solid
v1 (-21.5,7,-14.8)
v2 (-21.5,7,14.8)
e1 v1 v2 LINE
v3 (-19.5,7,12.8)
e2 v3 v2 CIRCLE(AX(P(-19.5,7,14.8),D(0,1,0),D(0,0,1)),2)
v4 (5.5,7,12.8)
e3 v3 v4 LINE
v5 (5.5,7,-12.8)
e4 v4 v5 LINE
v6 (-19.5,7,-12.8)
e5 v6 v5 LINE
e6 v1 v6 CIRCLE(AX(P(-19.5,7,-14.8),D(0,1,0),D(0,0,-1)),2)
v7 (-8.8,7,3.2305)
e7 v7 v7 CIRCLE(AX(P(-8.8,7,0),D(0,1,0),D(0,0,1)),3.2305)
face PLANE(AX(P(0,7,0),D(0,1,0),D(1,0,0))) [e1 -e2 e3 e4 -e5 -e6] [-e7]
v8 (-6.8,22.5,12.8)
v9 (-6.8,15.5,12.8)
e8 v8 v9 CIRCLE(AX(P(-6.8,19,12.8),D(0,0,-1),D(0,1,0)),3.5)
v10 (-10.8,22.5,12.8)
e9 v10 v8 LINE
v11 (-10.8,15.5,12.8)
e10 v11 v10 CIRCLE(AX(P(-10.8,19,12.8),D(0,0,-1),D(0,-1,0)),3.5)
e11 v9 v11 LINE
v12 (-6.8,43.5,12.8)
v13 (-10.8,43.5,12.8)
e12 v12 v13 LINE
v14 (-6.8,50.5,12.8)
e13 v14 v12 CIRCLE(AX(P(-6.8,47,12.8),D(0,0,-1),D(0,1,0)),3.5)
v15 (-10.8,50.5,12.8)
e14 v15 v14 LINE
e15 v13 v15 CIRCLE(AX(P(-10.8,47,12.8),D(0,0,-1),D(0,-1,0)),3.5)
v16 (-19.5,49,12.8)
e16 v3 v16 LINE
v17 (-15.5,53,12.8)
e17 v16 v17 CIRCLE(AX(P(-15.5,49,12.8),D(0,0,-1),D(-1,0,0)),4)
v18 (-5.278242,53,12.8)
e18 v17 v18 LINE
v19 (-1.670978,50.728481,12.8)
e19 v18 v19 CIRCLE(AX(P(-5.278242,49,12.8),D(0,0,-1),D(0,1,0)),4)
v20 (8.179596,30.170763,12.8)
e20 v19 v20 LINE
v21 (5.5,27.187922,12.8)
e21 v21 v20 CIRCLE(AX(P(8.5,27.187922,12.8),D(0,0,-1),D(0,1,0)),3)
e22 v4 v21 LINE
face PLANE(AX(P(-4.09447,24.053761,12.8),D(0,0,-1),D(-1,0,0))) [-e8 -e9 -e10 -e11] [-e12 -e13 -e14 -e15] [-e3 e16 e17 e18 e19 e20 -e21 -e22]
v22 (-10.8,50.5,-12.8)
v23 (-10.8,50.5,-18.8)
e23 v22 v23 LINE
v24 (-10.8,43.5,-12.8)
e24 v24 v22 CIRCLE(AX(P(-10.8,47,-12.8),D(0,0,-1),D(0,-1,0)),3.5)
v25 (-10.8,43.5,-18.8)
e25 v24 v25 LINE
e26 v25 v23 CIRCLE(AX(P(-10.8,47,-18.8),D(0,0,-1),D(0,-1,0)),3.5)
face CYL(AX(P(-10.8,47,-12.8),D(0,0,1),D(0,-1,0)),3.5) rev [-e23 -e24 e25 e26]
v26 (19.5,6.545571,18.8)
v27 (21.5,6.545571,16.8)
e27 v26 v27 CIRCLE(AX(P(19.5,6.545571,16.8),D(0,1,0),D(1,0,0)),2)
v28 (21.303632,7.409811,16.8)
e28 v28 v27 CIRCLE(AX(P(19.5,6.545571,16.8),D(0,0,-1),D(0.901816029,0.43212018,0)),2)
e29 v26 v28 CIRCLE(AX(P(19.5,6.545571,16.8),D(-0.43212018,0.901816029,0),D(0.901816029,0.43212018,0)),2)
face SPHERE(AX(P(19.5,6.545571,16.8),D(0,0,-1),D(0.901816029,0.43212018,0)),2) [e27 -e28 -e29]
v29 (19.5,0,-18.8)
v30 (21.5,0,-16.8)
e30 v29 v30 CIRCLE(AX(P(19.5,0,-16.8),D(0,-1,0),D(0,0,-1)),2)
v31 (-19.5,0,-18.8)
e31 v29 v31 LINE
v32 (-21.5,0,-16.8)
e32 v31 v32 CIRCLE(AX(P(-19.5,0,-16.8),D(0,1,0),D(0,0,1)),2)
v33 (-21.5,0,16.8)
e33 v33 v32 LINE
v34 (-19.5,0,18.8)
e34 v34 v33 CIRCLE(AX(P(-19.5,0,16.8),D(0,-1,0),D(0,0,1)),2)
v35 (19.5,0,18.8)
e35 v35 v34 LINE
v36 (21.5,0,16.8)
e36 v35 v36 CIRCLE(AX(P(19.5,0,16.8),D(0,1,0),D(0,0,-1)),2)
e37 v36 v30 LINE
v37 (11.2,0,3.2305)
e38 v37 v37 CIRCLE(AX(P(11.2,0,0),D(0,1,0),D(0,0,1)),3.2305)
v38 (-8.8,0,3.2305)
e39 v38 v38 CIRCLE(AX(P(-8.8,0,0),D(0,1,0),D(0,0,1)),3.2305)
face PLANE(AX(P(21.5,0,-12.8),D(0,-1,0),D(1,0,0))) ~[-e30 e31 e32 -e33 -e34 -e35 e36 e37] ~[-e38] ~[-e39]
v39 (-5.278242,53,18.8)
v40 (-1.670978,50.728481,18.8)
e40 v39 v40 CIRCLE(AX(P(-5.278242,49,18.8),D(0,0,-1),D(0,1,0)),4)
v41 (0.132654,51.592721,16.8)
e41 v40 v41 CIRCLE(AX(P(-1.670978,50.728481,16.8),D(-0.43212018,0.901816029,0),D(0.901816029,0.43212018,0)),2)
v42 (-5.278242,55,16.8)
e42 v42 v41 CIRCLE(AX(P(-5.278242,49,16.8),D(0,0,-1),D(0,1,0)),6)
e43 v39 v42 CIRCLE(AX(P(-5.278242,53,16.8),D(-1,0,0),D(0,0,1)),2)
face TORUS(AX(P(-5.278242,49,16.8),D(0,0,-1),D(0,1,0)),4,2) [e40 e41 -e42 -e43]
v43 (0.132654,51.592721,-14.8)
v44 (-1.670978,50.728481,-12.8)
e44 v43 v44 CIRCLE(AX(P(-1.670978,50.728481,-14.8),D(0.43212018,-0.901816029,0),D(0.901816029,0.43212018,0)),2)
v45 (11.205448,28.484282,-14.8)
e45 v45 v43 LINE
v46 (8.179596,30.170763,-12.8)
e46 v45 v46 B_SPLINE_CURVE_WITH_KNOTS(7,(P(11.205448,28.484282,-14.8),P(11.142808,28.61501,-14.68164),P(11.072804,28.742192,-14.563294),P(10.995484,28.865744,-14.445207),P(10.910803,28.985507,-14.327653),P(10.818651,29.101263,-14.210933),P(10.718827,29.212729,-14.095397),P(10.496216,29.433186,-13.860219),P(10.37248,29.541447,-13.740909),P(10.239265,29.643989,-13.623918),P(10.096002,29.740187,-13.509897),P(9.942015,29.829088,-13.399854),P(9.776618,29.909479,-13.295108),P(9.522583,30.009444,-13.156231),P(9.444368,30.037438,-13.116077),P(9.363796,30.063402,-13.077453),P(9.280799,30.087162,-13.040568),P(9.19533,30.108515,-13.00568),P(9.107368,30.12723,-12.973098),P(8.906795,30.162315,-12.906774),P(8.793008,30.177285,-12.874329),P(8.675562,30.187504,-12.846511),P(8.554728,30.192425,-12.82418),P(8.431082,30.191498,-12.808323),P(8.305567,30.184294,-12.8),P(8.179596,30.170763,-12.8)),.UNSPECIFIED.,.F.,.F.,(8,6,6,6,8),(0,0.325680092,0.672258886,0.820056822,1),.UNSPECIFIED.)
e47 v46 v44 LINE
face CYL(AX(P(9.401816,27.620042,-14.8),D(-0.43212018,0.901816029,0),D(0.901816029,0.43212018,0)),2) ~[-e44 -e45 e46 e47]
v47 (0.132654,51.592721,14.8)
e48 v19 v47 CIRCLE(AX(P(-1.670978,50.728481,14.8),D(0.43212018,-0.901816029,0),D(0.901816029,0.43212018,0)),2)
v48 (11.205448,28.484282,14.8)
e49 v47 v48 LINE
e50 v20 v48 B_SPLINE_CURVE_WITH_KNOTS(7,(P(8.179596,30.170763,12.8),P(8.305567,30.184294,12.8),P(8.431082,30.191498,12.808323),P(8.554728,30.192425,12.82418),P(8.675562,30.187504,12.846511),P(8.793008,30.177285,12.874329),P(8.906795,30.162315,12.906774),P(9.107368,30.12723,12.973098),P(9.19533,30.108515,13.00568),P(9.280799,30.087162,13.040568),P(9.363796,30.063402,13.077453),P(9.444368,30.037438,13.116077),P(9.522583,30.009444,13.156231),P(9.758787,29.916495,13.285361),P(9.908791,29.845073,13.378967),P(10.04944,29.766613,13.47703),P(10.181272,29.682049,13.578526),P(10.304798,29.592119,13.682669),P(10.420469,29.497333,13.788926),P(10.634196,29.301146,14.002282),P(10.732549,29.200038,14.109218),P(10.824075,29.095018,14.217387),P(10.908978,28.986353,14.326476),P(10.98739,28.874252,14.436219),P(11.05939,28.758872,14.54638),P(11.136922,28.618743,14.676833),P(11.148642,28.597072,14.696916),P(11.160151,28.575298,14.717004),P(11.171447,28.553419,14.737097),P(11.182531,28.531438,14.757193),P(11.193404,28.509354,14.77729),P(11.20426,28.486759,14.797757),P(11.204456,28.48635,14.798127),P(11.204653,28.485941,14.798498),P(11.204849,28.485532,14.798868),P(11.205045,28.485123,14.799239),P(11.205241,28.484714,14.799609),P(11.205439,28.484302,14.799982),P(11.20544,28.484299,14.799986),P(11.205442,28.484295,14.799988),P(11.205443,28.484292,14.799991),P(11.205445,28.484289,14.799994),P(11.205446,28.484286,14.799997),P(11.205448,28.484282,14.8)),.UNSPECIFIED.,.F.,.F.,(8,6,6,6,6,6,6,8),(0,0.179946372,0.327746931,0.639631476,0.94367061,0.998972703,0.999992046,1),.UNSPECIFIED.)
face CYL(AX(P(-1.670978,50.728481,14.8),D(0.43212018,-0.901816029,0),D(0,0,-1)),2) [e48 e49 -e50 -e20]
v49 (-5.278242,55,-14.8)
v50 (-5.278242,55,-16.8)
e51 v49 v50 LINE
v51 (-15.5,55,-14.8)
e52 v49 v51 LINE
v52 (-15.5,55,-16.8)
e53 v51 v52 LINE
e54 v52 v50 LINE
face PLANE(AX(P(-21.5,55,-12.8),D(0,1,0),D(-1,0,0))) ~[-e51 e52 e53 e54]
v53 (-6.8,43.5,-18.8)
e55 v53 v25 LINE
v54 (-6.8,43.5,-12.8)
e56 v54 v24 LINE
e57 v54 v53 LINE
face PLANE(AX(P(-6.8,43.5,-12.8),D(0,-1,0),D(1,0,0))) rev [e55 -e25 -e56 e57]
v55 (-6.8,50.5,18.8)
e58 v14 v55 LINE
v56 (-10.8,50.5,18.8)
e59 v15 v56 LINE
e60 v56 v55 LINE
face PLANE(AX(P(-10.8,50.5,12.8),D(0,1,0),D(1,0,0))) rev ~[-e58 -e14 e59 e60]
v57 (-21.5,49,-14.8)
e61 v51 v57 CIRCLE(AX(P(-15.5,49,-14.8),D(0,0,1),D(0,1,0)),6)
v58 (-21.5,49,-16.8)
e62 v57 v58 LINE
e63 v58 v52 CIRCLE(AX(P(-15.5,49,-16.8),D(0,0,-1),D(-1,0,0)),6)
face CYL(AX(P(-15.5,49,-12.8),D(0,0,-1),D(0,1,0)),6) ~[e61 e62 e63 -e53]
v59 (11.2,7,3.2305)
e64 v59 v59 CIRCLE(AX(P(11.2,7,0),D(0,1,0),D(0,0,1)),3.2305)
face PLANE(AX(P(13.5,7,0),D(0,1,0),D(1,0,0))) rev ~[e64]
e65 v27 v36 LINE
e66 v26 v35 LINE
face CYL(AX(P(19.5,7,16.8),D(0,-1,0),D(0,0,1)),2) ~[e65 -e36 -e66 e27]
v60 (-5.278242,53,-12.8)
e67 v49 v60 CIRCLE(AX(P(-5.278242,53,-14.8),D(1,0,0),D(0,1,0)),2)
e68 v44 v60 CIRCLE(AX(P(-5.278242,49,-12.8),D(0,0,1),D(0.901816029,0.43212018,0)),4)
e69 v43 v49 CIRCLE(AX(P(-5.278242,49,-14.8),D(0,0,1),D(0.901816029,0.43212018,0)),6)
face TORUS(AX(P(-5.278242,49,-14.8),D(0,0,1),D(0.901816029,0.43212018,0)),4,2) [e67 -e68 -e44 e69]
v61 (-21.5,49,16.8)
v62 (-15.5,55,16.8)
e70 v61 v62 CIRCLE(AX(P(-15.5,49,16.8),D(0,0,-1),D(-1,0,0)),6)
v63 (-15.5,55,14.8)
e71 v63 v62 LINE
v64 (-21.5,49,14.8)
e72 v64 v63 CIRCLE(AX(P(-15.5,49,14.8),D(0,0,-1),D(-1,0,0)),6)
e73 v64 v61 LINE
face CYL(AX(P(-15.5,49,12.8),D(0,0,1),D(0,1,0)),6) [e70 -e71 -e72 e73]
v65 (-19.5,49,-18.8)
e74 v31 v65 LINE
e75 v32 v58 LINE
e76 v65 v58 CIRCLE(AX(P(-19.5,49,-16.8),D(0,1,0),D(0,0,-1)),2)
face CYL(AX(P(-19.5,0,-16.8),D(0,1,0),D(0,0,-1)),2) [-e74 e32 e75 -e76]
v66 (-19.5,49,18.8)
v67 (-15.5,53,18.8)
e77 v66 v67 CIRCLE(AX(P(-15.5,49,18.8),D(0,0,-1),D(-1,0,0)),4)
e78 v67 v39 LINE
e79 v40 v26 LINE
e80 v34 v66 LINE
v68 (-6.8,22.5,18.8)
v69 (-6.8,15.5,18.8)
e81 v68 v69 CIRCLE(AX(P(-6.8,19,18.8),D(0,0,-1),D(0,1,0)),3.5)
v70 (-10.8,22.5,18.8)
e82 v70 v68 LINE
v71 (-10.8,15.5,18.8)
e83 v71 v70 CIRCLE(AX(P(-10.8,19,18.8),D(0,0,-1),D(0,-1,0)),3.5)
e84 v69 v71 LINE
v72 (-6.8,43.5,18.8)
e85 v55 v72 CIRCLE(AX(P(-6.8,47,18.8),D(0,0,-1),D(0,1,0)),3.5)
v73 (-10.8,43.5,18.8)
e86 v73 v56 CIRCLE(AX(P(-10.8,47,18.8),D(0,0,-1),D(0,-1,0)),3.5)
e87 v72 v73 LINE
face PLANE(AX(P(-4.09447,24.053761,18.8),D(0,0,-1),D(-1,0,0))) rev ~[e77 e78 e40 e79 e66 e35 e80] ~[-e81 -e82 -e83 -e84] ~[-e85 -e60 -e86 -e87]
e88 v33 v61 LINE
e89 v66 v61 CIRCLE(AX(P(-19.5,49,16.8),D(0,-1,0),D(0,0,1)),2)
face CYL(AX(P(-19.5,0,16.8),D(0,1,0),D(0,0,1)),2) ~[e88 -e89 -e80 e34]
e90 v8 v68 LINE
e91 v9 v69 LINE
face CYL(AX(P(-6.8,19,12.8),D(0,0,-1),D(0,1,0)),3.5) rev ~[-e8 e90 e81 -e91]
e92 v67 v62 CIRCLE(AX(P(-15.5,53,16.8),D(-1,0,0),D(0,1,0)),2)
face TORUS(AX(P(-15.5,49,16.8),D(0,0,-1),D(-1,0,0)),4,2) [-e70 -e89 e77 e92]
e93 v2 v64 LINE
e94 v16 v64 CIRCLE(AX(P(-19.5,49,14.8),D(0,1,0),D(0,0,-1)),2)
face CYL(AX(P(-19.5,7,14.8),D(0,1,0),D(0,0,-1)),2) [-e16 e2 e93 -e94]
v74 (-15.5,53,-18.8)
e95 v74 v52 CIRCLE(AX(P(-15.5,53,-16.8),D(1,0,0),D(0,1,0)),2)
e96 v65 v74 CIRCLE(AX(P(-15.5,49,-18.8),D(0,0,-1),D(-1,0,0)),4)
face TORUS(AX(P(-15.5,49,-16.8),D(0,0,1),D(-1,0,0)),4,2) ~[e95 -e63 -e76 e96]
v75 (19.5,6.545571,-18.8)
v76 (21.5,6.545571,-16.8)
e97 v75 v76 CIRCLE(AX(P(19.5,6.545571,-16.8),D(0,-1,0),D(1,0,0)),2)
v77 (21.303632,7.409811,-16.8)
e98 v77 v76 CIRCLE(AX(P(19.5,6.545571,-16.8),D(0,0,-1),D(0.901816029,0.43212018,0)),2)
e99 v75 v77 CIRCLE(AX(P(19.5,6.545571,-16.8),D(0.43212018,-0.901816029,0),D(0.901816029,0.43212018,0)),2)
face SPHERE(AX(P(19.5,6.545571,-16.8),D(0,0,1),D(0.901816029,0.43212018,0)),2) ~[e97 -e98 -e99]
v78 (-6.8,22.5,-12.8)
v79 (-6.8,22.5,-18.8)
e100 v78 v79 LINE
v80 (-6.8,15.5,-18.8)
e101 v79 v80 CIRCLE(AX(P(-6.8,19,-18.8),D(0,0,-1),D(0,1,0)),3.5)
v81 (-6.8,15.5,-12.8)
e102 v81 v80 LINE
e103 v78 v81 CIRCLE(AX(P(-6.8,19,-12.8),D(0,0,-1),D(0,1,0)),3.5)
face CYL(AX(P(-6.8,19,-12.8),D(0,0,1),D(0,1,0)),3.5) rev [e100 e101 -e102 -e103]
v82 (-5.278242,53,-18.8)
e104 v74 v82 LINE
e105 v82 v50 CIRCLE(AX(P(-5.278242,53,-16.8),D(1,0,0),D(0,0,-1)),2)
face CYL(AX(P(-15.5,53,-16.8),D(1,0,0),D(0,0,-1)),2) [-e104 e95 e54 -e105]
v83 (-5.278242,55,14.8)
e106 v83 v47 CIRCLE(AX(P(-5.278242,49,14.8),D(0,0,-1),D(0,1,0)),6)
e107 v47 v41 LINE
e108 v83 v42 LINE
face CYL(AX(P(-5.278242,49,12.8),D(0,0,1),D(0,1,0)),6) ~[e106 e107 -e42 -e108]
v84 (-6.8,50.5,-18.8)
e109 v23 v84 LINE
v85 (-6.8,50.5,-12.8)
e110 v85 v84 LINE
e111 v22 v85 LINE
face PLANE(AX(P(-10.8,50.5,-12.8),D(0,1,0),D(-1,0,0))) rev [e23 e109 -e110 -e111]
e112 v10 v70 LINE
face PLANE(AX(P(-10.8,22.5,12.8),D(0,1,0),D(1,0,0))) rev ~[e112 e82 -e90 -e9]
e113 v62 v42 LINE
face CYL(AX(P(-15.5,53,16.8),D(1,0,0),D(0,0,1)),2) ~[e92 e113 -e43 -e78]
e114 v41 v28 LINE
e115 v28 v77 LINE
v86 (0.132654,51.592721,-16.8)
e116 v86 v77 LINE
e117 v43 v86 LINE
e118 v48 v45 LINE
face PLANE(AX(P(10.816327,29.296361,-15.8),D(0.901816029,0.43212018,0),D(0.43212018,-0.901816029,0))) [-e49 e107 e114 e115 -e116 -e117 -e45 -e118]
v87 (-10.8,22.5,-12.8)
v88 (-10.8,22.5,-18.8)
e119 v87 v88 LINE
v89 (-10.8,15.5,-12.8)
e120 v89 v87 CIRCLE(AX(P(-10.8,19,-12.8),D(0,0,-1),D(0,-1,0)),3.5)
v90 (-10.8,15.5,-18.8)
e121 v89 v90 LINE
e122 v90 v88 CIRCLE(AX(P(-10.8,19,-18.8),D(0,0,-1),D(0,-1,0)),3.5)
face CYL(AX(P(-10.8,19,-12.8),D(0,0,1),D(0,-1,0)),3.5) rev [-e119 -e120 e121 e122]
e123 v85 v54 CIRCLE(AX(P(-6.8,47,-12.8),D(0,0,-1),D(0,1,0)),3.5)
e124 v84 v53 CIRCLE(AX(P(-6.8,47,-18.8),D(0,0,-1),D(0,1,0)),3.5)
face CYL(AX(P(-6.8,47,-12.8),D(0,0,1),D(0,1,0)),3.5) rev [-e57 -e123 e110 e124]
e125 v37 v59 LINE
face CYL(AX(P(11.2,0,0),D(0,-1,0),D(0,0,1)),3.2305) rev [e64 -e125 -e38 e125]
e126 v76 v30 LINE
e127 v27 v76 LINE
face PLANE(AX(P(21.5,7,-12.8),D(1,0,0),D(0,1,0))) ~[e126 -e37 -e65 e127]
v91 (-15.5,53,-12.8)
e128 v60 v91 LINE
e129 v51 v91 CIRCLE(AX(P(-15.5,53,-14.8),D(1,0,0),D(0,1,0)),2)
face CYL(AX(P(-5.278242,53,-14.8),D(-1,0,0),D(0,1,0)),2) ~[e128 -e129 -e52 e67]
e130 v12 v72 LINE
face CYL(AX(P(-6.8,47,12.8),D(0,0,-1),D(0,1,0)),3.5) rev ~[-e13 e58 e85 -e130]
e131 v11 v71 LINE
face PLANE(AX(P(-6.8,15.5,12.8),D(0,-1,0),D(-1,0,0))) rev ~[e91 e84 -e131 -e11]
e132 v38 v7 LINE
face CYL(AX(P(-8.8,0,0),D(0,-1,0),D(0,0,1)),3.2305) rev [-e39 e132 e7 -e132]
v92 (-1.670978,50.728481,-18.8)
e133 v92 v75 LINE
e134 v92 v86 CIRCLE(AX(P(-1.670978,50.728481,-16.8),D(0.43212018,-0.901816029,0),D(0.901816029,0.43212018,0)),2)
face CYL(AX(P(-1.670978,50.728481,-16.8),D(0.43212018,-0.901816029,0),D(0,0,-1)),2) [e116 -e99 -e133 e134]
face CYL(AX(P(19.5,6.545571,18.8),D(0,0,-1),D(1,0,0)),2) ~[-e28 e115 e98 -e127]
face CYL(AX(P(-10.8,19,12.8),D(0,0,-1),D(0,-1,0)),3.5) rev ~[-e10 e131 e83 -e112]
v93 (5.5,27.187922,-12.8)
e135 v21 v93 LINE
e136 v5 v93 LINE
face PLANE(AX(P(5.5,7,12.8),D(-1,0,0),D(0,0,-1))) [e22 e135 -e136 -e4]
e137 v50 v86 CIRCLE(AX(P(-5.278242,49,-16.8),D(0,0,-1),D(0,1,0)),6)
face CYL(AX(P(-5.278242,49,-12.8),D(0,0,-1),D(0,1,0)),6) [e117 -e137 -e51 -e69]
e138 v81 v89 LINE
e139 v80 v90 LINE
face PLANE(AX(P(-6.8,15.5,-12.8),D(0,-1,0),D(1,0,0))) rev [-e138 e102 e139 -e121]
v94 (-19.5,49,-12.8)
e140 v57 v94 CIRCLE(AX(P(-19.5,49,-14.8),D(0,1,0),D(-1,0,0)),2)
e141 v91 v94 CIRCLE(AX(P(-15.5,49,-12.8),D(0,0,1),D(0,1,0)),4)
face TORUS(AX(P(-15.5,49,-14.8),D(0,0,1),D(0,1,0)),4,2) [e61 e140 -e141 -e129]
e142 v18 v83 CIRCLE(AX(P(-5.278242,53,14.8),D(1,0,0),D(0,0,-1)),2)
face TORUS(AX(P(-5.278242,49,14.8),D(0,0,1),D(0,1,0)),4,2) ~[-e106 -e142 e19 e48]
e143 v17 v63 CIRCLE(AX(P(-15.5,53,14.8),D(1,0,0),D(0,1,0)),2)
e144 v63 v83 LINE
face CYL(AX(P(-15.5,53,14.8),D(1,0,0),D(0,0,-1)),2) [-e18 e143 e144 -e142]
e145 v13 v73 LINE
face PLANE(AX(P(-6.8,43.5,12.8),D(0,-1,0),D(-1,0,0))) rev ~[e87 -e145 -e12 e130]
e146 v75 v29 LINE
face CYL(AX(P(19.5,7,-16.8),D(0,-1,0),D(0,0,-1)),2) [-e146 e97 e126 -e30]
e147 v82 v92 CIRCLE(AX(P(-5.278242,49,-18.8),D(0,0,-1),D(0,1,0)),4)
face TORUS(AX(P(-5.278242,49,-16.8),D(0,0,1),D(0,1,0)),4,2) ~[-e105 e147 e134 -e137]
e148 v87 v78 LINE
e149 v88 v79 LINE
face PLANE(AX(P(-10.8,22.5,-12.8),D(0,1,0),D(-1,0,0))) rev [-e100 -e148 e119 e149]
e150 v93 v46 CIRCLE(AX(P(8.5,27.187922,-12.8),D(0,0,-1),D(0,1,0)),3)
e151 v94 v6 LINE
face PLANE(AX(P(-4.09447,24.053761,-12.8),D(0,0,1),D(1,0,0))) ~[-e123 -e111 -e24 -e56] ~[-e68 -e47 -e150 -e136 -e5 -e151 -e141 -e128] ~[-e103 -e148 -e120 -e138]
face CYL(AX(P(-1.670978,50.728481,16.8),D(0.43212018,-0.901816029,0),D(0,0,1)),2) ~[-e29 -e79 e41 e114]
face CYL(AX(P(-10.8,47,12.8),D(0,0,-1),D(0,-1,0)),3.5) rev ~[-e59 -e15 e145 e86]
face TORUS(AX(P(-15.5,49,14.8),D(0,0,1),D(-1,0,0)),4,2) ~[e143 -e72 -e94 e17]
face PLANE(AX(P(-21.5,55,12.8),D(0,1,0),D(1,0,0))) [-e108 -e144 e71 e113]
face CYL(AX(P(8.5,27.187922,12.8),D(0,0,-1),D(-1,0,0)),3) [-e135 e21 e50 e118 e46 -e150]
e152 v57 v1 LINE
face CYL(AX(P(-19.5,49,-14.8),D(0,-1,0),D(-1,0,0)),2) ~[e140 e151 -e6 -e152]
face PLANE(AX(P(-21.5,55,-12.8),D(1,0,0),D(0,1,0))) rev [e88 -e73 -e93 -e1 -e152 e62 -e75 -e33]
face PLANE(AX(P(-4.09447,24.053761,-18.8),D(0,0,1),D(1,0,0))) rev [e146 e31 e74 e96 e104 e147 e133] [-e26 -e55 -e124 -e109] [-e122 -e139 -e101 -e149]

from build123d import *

# Parameters (mm, degrees)
SKETCH1_W           = 43
SKETCH1_H           = 25.6
SKETCH1_R           = 3.2305
BOSS_EXTRUDE1_DEPTH = 7
BOSS_EXTRUDE2_DEPTH = 6
FILLET1_R           = 6
BOSS_EXTRUDE3_REACH = 57.854
SKETCH3_W           = 16
SKETCH3_H           = 25.6
FILLET2_R           = 3
FILLET3_R           = 2


with BuildPart() as part:
    # Sketch1 → Boss-Extrude1 (new body)
    with BuildSketch(Plane(origin=(0, 0, 0), x_dir=(1, 0, 0), z_dir=(0, 1, 0))):
        Rectangle(SKETCH1_W, SKETCH1_H)
        with Locations(Location((-8.8, 0, 0), (0, 0, 270))):
            Circle(SKETCH1_R, mode=Mode.SUBTRACT)
        with Locations(Location((11.2, 0, 0), (0, 0, 270))):
            Circle(SKETCH1_R, mode=Mode.SUBTRACT)
    extrude(amount=BOSS_EXTRUDE1_DEPTH)

    # Sketch2 → Boss-Extrude2 (add)
    with BuildSketch(Plane.XY.offset(12.8)):
        Polygon((21.5, 7), (21.5, 0), (-21.5, 0), (-21.5, 7), (-21.5, 55), (-1.5, 55), align=None)
        with BuildLine():
            Line((-10.8, 50.5), (-6.8, 50.5))
            ThreePointArc((-6.8, 50.5), (-3.3, 47), (-6.8, 43.5))
            Line((-6.8, 43.5), (-10.8, 43.5))
            ThreePointArc((-10.8, 43.5), (-14.3, 47), (-10.8, 50.5))
        make_face(mode=Mode.SUBTRACT)
        with BuildLine():
            Line((-10.8, 22.5), (-6.8, 22.5))
            ThreePointArc((-6.8, 22.5), (-3.3, 19), (-6.8, 15.5))
            Line((-6.8, 15.5), (-10.8, 15.5))
            ThreePointArc((-10.8, 15.5), (-14.3, 19), (-10.8, 22.5))
        make_face(mode=Mode.SUBTRACT)
    boss_extrude2 = extrude(amount=BOSS_EXTRUDE2_DEPTH)

    # Mirror1: Boss-Extrude2 across plane
    add(boss_extrude2.mirror(Plane.XY))

    # Fillet1
    fillet1_edges = [part.edges().sort_by_distance(p)[0] for p in [
        (-1.5, 55, 15.8),
        (-21.5, 55, 15.8),
        (-1.5, 55, -15.8),
        (-21.5, 55, -15.8),
    ]]
    fillet(fillet1_edges, radius=FILLET1_R)

    # Boss-Extrude3: up to this face of the body (flat: up to its plane)
    boss_extrude3_end = Plane(part.part.faces().sort_by_distance((10.816327241, 29.296360541, -15.8))[0])
    # Sketch3 → Boss-Extrude3 (add, up to the picked face)
    with BuildSketch(Plane(origin=(0, 7, 0), x_dir=(1, 0, 0), z_dir=(0, 1, 0)), mode=Mode.PRIVATE) as boss_extrude3_sk1:
        with Locations((13.5, 0)):
            Rectangle(SKETCH3_W, SKETCH3_H)
    boss_extrude3_tool1 = split(extrude(boss_extrude3_sk1.sketch, amount=BOSS_EXTRUDE3_REACH, mode=Mode.PRIVATE), bisect_by=boss_extrude3_end, keep=Keep.BOTH, mode=Mode.PRIVATE)
    add(boss_extrude3_tool1.solids().sort_by(Axis((13.5, 7, 0), (0, 1, 0)))[0])

    # Fillet2
    fillet2_edges = [part.edges().sort_by_distance(p)[0] for p in [
        (5.5, 40.391304348, 0),
    ]]
    fillet(fillet2_edges, radius=FILLET2_R)

    # Fillet3
    fillet3_edges = [part.edges().sort_by_distance(p)[0] for p in [
        (-2.081080958, 54.077220031, 18.8),
        (-19.742640687, 53.242640687, 18.8),
        (5.669051284, 40.038501669, -12.8),
        (5.669051284, 40.038501669, 12.8),
        (10.816327241, 29.296360541, 18.8),
        (21.5, 3.5, 18.8),
        (21.5, 7, 0),
        (10.816327241, 29.296360541, -18.8),
        (21.5, 3.5, -18.8),
        (-10.389120846, 55, -12.8),
        (-10.389120846, 55, -18.8),
        (-21.5, 28, -12.8),
        (-2.081080958, 54.077220031, -12.8),
        (-19.742640687, 53.242640687, -12.8),
        (-21.5, 24.5, 18.8),
        (-21.5, 28, 12.8),
        (-21.5, 24.5, -18.8),
        (-2.081080958, 54.077220031, -18.8),
        (-19.742640687, 53.242640687, -18.8),
        (-10.389120846, 55, 12.8),
        (-2.081080958, 54.077220031, 12.8),
        (-19.742640687, 53.242640687, 12.8),
        (-10.389120846, 55, 18.8),
    ]]
    fillet(fillet3_edges, radius=FILLET3_R)


solid = part.part
